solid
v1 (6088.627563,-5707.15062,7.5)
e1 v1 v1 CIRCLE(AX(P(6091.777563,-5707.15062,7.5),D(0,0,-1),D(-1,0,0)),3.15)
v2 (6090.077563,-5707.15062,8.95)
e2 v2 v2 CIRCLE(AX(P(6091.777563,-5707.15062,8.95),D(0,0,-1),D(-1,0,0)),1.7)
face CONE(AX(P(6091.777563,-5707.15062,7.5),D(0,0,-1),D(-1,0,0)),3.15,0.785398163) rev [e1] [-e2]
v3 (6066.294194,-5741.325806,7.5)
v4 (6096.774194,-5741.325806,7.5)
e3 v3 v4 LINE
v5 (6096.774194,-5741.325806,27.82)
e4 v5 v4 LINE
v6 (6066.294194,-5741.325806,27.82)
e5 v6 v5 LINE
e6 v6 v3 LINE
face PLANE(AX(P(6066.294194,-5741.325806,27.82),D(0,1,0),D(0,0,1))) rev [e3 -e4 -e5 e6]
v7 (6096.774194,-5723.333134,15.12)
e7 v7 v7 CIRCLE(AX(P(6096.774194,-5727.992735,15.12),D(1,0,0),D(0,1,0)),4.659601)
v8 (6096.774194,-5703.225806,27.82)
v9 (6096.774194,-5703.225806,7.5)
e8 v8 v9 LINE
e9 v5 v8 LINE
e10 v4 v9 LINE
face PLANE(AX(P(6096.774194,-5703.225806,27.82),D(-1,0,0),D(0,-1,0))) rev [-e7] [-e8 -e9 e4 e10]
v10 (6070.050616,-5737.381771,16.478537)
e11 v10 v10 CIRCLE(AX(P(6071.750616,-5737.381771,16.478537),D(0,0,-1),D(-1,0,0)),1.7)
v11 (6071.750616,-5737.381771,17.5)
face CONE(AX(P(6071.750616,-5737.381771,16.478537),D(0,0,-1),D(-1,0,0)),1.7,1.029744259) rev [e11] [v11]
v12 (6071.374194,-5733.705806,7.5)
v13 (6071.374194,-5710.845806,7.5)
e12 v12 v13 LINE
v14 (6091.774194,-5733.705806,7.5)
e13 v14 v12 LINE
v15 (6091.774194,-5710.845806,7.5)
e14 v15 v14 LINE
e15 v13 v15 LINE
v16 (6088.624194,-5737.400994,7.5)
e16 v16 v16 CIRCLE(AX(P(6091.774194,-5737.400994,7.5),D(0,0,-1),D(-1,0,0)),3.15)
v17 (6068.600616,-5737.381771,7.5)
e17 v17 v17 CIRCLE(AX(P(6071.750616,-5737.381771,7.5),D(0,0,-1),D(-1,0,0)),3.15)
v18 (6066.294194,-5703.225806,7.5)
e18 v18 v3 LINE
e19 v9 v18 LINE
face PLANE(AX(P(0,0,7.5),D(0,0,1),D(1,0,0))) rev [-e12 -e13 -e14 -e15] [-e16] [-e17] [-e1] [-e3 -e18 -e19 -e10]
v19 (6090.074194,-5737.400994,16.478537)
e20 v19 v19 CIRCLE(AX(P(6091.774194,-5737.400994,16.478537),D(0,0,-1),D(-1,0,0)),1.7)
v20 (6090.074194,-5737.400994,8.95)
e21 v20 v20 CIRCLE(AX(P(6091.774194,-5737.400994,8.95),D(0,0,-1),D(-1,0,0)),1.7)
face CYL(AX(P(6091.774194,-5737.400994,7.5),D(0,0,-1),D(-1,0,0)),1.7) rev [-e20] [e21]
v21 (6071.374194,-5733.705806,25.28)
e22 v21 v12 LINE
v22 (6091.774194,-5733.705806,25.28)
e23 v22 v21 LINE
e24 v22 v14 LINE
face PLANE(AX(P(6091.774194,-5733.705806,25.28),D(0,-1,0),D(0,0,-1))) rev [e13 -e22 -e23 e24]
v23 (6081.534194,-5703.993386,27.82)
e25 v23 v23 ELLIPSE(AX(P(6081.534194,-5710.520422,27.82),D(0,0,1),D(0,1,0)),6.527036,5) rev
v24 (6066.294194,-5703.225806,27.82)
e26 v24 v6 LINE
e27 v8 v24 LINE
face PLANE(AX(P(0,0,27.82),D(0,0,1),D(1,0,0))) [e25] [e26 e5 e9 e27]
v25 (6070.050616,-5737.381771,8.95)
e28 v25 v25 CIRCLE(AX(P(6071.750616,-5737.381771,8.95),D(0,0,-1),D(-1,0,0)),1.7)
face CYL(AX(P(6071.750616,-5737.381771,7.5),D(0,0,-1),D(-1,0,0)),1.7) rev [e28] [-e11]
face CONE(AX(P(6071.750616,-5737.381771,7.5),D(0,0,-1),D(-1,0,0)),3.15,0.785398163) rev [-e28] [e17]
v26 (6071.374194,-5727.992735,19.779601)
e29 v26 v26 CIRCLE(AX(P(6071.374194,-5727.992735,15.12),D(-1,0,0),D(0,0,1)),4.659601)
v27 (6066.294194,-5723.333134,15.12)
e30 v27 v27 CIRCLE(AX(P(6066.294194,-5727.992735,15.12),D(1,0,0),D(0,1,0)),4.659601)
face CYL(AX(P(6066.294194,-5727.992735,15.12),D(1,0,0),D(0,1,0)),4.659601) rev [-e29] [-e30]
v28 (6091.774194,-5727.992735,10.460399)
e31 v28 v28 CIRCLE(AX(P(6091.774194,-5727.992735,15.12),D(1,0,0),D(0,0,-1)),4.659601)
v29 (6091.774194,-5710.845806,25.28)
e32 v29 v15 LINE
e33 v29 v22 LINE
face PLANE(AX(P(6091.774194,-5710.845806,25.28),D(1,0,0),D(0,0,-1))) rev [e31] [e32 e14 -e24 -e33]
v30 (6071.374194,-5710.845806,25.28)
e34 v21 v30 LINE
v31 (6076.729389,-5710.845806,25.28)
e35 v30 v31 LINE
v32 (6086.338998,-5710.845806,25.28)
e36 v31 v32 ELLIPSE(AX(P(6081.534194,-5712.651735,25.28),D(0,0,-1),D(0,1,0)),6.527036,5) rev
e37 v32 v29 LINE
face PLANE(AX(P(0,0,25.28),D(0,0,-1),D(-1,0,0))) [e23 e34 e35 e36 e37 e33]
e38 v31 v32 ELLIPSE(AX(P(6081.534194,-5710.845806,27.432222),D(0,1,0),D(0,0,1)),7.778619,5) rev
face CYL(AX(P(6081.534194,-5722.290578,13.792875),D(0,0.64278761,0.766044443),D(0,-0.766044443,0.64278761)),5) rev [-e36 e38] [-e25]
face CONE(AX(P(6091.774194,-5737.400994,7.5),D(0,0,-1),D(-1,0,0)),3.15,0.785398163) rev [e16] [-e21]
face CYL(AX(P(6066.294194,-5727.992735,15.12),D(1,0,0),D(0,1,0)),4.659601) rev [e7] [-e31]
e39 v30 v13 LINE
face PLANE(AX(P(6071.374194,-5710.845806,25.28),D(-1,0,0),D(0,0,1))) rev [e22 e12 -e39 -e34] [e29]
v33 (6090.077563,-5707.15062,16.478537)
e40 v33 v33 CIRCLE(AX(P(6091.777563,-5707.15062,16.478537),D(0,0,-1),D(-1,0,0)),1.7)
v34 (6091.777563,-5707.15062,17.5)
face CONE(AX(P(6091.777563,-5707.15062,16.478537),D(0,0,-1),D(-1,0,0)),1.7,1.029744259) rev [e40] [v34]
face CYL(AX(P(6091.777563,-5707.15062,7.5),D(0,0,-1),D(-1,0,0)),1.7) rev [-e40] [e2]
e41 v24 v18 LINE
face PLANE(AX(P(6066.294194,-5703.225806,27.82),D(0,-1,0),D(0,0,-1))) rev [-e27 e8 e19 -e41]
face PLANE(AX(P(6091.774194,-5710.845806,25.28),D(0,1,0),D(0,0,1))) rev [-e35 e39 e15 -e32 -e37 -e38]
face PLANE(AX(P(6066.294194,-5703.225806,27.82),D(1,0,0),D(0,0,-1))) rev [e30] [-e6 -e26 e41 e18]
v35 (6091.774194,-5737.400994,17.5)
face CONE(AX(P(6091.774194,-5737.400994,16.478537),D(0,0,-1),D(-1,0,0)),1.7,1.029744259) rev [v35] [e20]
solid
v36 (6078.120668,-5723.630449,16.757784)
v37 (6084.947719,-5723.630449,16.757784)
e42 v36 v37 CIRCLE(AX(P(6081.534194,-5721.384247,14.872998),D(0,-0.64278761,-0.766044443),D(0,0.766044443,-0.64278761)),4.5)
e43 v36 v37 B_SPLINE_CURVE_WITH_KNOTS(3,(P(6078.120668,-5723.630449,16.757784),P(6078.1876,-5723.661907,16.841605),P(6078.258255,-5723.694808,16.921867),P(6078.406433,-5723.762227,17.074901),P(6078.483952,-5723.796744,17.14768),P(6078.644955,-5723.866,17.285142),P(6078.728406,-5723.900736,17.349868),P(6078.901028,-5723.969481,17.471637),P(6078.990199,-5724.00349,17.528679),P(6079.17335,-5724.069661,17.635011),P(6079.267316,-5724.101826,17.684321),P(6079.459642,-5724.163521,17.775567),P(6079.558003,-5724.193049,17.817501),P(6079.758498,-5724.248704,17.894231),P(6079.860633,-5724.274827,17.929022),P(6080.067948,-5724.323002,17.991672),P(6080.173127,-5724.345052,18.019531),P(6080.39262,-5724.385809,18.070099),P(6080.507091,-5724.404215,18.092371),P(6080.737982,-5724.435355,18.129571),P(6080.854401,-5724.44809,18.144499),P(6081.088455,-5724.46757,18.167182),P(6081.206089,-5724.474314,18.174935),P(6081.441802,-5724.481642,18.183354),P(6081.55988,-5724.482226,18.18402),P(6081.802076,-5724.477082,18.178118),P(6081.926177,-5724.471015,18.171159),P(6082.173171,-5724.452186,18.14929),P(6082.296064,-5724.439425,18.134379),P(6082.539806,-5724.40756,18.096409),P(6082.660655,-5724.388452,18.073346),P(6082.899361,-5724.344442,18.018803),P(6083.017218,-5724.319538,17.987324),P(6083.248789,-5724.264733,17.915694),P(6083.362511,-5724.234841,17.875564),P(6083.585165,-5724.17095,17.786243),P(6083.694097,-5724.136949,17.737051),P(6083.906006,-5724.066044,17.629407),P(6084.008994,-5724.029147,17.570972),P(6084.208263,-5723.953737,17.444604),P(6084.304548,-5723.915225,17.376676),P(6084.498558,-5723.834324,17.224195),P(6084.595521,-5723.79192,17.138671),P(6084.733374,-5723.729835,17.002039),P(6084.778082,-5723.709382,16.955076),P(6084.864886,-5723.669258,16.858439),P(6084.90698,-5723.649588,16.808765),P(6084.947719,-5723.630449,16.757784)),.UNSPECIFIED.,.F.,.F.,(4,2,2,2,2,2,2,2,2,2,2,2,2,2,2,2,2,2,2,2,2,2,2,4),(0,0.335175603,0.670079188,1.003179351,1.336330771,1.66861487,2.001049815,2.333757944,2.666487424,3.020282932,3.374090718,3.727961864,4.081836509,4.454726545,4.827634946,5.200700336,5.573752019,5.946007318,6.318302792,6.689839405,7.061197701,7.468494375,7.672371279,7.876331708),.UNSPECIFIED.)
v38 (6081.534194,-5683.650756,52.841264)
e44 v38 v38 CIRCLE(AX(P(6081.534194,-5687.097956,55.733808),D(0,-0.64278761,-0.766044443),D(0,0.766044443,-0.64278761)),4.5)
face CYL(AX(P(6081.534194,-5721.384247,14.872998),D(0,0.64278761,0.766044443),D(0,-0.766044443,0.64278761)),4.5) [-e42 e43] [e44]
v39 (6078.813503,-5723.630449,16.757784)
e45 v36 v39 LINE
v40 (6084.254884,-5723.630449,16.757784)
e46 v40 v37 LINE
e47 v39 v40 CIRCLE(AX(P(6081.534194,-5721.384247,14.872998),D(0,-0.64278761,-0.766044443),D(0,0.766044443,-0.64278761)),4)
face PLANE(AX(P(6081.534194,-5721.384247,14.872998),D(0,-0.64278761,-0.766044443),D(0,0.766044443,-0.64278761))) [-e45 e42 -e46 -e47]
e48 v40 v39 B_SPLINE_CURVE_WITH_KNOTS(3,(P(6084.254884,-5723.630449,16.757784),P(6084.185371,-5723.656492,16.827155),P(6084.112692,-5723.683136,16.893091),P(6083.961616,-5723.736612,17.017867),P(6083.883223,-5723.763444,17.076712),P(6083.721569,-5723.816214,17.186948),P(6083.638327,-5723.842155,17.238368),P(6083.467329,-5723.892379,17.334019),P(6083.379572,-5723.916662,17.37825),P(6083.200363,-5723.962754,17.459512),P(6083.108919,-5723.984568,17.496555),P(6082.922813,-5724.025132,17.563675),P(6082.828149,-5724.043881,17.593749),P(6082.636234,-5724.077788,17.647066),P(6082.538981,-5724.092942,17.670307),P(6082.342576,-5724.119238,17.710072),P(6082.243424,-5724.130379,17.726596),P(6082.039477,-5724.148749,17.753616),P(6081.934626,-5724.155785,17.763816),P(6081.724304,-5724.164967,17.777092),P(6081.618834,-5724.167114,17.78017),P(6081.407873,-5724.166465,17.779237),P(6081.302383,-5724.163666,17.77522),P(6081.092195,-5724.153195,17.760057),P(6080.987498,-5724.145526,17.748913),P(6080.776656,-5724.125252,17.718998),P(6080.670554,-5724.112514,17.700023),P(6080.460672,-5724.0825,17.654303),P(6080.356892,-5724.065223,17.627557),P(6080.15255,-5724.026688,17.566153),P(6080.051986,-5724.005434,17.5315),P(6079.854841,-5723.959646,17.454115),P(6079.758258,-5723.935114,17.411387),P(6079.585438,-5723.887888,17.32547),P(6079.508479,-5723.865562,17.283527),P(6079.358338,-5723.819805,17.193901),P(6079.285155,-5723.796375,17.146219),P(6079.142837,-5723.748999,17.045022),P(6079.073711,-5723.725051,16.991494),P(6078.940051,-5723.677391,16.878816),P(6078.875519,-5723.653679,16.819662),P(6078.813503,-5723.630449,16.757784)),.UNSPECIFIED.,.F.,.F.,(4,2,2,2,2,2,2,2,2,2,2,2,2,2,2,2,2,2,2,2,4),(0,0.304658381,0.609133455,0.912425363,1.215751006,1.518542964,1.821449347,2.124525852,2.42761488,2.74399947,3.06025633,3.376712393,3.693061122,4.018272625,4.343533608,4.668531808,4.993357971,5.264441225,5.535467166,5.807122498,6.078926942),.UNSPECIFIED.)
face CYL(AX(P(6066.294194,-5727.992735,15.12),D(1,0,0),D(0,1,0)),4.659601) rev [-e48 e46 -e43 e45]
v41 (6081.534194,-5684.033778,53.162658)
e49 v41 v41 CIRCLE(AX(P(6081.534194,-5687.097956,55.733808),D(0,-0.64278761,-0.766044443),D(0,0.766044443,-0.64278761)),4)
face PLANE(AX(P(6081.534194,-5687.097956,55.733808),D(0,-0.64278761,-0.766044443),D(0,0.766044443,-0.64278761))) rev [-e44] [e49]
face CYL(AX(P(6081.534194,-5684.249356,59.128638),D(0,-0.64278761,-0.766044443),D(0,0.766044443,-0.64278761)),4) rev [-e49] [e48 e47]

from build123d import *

# Parameters (mm, degrees)
BOSS_EXTRUDE1_START                            = 7.5
SKETCH1_W                                      = 30.48
SKETCH1_H                                      = 38.1
BOSS_EXTRUDE1_DEPTH                            = 20.32
SKETCH2_W                                      = 20.4
SKETCH2_H                                      = 22.86
CUT_EXTRUDE1_DEPTH                             = 17.78
SKETCH5_R                                      = 5
CUT_EXTRUDE2_DEPTH                             = 23
BOSS_EXTRUDE2_DEPTH                            = 21.59
BOSS_EXTRUDE2_DEPTH_BACK                       = 31.75
SKETCH10_R                                     = 4.5
SKETCH11_R                                     = 4
CUT_EXTRUDE6_DEPTH                             = 7540.718926849
CSK_FOR_M3_FLAT_HEAD_MACHINE_SCREW1_AT_2_COUNT = 2
CSK_FOR_M3_FLAT_HEAD_MACHINE_SCREW1_AT_2_PITCH = 36.262943744
CSK_FOR_M3_FLAT_HEAD_MACHINE_SCREW1_AT_3_COUNT = 2
CSK_FOR_M3_FLAT_HEAD_MACHINE_SCREW1_AT_3_PITCH = 30.250374024
SKETCH17_R                                     = 4.659600795
CUT_EXTRUDE7_DEPTH                             = 5742.70602656


with BuildPart() as part:
    # Sketch1 → Boss-Extrude1 (new body)
    with BuildSketch(Plane.XY.offset(BOSS_EXTRUDE1_START)):
        with Locations((6081.534193548, -5722.275806452)):
            Rectangle(SKETCH1_W, SKETCH1_H)
    extrude(amount=BOSS_EXTRUDE1_DEPTH)

    # Sketch2 → Cut-Extrude1 (cut)
    with BuildSketch(Plane(origin=(0, 0, 7.5), x_dir=(-1, 0, 0), z_dir=(0, 0, -1))):
        with Locations((-6081.574193548, -5722.275806452)):
            Rectangle(SKETCH2_W, SKETCH2_H)
    extrude(amount=-CUT_EXTRUDE1_DEPTH, mode=Mode.SUBTRACT)

    # Sketch5 → Cut-Extrude2 (cut)
    with BuildSketch(Plane(origin=(0, -2342.736843325, -2791.965049535), x_dir=(-1, 0, 0), z_dir=(0, -0.6427876096865405, -0.766044443118977))):
        with Locations(Location((-6081.534193548, -4392.394788186, 0), (0, 0, 163.93758294))):
            Circle(SKETCH5_R)
    extrude(amount=CUT_EXTRUDE2_DEPTH, mode=Mode.SUBTRACT)

    # Sketch14 → CSK for M3 Flat Head Machine Screw1 (revolve, cut)
    with BuildSketch(Plane(origin=(6091.777562501, -5707.150620301, 7.5), x_dir=(0, 1, 0), z_dir=(1, 0, 0))):
        Polygon((0, 0), (0, 10), (1.7, 8.978536948), (1.7, 1.45), (3.15, 0), align=None)
    csk_for_m3_flat_head_machine_screw1 = revolve(axis=Axis((6091.777562501, -5707.150620301, 1.15), (0, 0, 1)), mode=Mode.SUBTRACT)

    # CSK for M3 Flat Head Machine Screw1 at 2: CSK for M3 Flat Head Machine Screw1 ×2
    with Locations(*[Vector(-0.5522702954349178, -0.8336651130881205, 0) * (i * CSK_FOR_M3_FLAT_HEAD_MACHINE_SCREW1_AT_2_PITCH) for i in range(1, CSK_FOR_M3_FLAT_HEAD_MACHINE_SCREW1_AT_2_COUNT)]):
        add(csk_for_m3_flat_head_machine_screw1, mode=Mode.SUBTRACT)

    # CSK for M3 Flat Head Machine Screw1 at 3: CSK for M3 Flat Head Machine Screw1 ×2
    with Locations(*[Vector(-0.00011136895503228586, -0.999999993798478, 0) * (i * CSK_FOR_M3_FLAT_HEAD_MACHINE_SCREW1_AT_3_PITCH) for i in range(1, CSK_FOR_M3_FLAT_HEAD_MACHINE_SCREW1_AT_3_COUNT)]):
        add(csk_for_m3_flat_head_machine_screw1, mode=Mode.SUBTRACT)


with BuildPart() as body_2:
    # Sketch10 → Boss-Extrude2 (new, two sides: drawn at the far end of the back side and taken through both)
    with BuildSketch(Plane(origin=(0, -2342.736843325, -2791.965049535), x_dir=(-1, 0, 0), z_dir=(0, -0.6427876096865405, -0.766044443118977)).offset(-BOSS_EXTRUDE2_DEPTH_BACK)):
        with Locations(Location((-6081.534193548, -4392.394788186, 0), (0, 0, 90))):
            Circle(SKETCH10_R)
    extrude(amount=BOSS_EXTRUDE2_DEPTH + BOSS_EXTRUDE2_DEPTH_BACK)

    # Sketch11 → Cut-Extrude6 (cut, through all)
    with BuildSketch(Plane(origin=(0, -2356.614627818, -2808.503949062), x_dir=(1, 0, 0), z_dir=(0, -0.6427876096865406, -0.766044443118977))):
        with Locations(Location((6081.534193548, 4392.394788186, 0), (0, 0, 270))):
            Circle(SKETCH11_R)
    extrude(amount=-CUT_EXTRUDE6_DEPTH, mode=Mode.SUBTRACT)


with BuildPart() as cut_extrude7_tool:
    # Sketch17 → Cut-Extrude7 (new, through all)
    with BuildSketch(Plane(origin=(6096.774193549, 0, 0), x_dir=(0, 0, -1), z_dir=(1, 0, 0))):
        with Locations(Location((-15.12, -5727.992735052, 0), (0, 0, 90))):
            Circle(SKETCH17_R)
    extrude(amount=-CUT_EXTRUDE7_DEPTH)


with BuildPart() as part_1:
    add(part.part)

    # Cut-Extrude7: cut by cut_extrude7_tool
    add(cut_extrude7_tool.part, mode=Mode.SUBTRACT)


with BuildPart() as body_2_1:
    add(body_2.part)

    # Cut-Extrude7: cut by cut_extrude7_tool
    add(cut_extrude7_tool.part, mode=Mode.SUBTRACT)


solid = Compound([part_1.part, body_2_1.part])
